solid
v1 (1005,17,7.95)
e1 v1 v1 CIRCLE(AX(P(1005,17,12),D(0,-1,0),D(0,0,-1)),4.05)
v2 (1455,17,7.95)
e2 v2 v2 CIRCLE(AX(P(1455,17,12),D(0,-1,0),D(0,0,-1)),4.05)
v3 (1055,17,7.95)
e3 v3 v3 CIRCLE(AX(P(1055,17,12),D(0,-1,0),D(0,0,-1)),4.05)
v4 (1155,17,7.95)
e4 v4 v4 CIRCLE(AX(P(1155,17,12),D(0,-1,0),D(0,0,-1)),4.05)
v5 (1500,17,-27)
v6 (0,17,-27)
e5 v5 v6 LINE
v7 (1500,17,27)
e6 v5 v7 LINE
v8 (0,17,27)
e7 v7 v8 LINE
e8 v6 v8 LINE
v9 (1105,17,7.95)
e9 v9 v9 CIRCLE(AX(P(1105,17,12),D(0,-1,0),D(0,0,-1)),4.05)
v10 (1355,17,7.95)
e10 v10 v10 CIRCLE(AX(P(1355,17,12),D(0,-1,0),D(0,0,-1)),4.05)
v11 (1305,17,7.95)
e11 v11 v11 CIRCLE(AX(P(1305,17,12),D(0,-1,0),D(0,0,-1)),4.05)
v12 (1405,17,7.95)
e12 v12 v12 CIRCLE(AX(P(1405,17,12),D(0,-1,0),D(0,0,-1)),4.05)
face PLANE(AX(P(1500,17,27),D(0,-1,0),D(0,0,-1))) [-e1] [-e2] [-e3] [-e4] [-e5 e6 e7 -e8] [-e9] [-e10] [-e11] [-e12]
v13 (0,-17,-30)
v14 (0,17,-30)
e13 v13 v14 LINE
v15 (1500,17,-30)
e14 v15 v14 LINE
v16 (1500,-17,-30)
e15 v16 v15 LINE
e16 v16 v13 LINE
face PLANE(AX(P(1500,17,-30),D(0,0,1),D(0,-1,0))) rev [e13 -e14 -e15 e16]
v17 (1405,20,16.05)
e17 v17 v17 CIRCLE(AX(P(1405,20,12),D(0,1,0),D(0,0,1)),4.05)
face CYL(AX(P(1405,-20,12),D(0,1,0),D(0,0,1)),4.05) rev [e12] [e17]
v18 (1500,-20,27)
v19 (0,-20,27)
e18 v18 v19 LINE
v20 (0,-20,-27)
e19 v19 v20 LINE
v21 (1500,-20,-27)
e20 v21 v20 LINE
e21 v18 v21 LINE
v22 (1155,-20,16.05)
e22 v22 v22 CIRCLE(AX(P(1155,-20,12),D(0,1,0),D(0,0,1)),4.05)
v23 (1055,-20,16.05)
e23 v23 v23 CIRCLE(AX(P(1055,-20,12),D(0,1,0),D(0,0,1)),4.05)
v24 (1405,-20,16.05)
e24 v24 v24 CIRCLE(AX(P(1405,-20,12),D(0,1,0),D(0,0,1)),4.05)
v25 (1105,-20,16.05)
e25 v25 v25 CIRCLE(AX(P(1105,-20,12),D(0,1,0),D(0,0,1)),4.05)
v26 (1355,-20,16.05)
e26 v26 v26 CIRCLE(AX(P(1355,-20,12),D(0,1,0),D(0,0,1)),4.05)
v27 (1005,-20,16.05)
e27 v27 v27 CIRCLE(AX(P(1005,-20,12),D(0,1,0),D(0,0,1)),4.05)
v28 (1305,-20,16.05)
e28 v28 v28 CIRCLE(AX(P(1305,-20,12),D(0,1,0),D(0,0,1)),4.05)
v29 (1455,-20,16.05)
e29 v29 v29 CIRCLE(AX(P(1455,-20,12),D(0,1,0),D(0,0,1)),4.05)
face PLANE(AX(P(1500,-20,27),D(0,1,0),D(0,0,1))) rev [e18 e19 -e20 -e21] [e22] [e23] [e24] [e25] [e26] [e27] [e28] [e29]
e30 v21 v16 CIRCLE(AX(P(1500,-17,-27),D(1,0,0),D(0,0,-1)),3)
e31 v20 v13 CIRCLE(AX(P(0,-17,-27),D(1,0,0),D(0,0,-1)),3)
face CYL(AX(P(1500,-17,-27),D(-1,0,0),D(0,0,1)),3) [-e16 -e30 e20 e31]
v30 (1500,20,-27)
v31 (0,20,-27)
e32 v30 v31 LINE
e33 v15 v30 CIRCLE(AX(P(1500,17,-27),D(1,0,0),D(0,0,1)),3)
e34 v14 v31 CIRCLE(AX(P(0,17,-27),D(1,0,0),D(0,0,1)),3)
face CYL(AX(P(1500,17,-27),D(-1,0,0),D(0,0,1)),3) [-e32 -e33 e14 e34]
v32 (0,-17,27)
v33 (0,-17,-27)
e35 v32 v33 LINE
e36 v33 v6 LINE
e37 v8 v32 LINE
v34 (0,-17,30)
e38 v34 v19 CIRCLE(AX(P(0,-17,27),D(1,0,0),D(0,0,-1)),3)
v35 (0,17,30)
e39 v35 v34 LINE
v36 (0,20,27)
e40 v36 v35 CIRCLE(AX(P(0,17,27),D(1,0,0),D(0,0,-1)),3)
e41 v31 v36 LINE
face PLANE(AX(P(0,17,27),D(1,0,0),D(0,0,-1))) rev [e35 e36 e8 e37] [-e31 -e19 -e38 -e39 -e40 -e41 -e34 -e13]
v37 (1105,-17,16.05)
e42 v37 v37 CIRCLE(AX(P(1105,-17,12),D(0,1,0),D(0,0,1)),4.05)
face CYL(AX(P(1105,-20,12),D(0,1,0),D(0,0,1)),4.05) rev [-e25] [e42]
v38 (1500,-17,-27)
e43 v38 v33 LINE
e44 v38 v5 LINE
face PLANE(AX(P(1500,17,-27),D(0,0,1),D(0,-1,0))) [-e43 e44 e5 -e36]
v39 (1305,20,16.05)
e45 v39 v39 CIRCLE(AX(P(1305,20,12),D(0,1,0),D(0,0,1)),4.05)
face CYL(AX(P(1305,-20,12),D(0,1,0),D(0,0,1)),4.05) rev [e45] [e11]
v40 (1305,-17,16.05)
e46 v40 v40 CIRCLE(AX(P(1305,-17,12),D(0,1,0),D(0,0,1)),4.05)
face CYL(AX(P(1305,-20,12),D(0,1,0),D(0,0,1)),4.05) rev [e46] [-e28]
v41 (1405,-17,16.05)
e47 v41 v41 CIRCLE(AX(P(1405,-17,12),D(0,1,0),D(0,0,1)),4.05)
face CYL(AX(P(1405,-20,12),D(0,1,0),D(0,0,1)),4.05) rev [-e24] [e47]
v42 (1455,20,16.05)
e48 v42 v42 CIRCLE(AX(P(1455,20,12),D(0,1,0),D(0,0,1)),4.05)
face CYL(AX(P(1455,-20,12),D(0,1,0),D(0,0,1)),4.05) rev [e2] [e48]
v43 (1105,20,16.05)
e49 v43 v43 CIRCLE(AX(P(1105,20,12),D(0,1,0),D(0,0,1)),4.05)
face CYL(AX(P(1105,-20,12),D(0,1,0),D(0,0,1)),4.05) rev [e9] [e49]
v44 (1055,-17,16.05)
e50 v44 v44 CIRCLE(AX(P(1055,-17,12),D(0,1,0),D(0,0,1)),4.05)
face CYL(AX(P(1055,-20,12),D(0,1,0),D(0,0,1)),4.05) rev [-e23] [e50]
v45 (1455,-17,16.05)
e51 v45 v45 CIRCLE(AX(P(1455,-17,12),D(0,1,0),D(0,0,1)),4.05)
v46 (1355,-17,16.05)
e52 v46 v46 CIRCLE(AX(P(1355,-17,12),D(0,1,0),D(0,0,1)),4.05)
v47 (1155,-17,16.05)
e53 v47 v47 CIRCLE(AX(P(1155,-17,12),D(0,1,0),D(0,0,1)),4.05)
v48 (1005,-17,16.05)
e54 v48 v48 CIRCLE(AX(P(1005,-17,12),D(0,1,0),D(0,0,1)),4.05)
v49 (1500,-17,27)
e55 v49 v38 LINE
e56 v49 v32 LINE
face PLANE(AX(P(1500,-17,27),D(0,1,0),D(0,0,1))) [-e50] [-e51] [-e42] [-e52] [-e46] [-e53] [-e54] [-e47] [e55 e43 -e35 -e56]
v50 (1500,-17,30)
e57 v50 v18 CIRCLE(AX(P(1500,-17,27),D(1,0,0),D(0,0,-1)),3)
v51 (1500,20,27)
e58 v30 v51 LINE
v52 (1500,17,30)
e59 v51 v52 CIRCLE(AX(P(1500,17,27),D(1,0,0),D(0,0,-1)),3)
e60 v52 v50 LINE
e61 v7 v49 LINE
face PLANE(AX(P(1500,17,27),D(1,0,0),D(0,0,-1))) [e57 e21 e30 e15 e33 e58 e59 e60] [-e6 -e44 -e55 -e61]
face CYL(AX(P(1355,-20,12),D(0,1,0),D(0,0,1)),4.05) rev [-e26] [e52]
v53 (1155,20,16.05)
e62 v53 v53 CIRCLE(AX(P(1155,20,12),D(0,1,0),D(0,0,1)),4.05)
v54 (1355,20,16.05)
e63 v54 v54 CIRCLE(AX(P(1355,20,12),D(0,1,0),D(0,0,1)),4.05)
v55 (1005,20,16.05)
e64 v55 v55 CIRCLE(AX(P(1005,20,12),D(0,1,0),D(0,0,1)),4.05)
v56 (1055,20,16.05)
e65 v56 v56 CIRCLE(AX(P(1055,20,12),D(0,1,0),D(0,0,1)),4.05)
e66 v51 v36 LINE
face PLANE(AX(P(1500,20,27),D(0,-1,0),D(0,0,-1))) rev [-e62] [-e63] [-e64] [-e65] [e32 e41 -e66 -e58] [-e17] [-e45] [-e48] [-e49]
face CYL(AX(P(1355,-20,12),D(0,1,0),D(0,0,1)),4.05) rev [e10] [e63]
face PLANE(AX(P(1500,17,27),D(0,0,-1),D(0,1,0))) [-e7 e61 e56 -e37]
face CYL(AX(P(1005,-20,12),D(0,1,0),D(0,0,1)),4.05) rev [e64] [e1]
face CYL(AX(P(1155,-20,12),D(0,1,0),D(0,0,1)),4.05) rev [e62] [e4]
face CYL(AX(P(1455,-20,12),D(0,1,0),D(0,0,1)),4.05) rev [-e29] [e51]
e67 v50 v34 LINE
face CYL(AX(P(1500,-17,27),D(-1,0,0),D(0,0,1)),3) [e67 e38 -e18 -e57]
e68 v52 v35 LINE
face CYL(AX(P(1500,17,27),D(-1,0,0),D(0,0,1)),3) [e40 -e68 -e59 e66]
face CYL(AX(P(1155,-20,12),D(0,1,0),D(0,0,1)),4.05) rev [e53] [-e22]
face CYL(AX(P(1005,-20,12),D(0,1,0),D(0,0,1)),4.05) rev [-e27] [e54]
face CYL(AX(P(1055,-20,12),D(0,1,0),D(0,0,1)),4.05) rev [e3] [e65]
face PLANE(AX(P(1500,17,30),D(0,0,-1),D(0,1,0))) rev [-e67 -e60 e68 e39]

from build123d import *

# Parameters (mm, degrees)
SKETCH_1_W          = 54
SKETCH_1_H          = 34
EXTRUDE_1_DEPTH     = 1500
SKETCH_2_R          = 4.05
CUT_EXTRUDE_1_DEPTH = 41


with BuildPart() as part:
    # Эскиз1 → Вытянуть-Тонкостенный1 (new body)
    with BuildSketch(Plane(origin=(0, 0, 0), x_dir=(0, 0, -1), z_dir=(1, 0, 0))):
        with BuildLine():
            Line((30, 17), (30, -17))
            ThreePointArc((30, -17), (29.121320344, -19.121320344), (27, -20))
            Line((27, -20), (-27, -20))
            ThreePointArc((-27, -20), (-29.121320344, -19.121320344), (-30, -17))
            Line((-30, -17), (-30, 17))
            ThreePointArc((-30, 17), (-29.121320344, 19.121320344), (-27, 20))
            Line((-27, 20), (27, 20))
            ThreePointArc((27, 20), (29.121320344, 19.121320344), (30, 17))
        make_face()
        Rectangle(SKETCH_1_W, SKETCH_1_H, mode=Mode.SUBTRACT)
    extrude(amount=EXTRUDE_1_DEPTH)

    # Эскиз2 → Вырез-Вытянуть1 (cut, through all)
    with BuildSketch(Plane(origin=(0, 20, 0), x_dir=(1, 0, 0), z_dir=(0, 1, 0))):
        with Locations((1455, -12)):
            Circle(SKETCH_2_R)
        with Locations((1405, -12)):
            Circle(SKETCH_2_R)
        with Locations((1355, -12)):
            Circle(SKETCH_2_R)
        with Locations((1305, -12)):
            Circle(SKETCH_2_R)
        with Locations((1155, -12)):
            Circle(SKETCH_2_R)
        with Locations((1105, -12)):
            Circle(SKETCH_2_R)
        with Locations((1055, -12)):
            Circle(SKETCH_2_R)
        with Locations((1005, -12)):
            Circle(SKETCH_2_R)
    extrude(amount=-CUT_EXTRUDE_1_DEPTH, mode=Mode.SUBTRACT)


solid = part.part
